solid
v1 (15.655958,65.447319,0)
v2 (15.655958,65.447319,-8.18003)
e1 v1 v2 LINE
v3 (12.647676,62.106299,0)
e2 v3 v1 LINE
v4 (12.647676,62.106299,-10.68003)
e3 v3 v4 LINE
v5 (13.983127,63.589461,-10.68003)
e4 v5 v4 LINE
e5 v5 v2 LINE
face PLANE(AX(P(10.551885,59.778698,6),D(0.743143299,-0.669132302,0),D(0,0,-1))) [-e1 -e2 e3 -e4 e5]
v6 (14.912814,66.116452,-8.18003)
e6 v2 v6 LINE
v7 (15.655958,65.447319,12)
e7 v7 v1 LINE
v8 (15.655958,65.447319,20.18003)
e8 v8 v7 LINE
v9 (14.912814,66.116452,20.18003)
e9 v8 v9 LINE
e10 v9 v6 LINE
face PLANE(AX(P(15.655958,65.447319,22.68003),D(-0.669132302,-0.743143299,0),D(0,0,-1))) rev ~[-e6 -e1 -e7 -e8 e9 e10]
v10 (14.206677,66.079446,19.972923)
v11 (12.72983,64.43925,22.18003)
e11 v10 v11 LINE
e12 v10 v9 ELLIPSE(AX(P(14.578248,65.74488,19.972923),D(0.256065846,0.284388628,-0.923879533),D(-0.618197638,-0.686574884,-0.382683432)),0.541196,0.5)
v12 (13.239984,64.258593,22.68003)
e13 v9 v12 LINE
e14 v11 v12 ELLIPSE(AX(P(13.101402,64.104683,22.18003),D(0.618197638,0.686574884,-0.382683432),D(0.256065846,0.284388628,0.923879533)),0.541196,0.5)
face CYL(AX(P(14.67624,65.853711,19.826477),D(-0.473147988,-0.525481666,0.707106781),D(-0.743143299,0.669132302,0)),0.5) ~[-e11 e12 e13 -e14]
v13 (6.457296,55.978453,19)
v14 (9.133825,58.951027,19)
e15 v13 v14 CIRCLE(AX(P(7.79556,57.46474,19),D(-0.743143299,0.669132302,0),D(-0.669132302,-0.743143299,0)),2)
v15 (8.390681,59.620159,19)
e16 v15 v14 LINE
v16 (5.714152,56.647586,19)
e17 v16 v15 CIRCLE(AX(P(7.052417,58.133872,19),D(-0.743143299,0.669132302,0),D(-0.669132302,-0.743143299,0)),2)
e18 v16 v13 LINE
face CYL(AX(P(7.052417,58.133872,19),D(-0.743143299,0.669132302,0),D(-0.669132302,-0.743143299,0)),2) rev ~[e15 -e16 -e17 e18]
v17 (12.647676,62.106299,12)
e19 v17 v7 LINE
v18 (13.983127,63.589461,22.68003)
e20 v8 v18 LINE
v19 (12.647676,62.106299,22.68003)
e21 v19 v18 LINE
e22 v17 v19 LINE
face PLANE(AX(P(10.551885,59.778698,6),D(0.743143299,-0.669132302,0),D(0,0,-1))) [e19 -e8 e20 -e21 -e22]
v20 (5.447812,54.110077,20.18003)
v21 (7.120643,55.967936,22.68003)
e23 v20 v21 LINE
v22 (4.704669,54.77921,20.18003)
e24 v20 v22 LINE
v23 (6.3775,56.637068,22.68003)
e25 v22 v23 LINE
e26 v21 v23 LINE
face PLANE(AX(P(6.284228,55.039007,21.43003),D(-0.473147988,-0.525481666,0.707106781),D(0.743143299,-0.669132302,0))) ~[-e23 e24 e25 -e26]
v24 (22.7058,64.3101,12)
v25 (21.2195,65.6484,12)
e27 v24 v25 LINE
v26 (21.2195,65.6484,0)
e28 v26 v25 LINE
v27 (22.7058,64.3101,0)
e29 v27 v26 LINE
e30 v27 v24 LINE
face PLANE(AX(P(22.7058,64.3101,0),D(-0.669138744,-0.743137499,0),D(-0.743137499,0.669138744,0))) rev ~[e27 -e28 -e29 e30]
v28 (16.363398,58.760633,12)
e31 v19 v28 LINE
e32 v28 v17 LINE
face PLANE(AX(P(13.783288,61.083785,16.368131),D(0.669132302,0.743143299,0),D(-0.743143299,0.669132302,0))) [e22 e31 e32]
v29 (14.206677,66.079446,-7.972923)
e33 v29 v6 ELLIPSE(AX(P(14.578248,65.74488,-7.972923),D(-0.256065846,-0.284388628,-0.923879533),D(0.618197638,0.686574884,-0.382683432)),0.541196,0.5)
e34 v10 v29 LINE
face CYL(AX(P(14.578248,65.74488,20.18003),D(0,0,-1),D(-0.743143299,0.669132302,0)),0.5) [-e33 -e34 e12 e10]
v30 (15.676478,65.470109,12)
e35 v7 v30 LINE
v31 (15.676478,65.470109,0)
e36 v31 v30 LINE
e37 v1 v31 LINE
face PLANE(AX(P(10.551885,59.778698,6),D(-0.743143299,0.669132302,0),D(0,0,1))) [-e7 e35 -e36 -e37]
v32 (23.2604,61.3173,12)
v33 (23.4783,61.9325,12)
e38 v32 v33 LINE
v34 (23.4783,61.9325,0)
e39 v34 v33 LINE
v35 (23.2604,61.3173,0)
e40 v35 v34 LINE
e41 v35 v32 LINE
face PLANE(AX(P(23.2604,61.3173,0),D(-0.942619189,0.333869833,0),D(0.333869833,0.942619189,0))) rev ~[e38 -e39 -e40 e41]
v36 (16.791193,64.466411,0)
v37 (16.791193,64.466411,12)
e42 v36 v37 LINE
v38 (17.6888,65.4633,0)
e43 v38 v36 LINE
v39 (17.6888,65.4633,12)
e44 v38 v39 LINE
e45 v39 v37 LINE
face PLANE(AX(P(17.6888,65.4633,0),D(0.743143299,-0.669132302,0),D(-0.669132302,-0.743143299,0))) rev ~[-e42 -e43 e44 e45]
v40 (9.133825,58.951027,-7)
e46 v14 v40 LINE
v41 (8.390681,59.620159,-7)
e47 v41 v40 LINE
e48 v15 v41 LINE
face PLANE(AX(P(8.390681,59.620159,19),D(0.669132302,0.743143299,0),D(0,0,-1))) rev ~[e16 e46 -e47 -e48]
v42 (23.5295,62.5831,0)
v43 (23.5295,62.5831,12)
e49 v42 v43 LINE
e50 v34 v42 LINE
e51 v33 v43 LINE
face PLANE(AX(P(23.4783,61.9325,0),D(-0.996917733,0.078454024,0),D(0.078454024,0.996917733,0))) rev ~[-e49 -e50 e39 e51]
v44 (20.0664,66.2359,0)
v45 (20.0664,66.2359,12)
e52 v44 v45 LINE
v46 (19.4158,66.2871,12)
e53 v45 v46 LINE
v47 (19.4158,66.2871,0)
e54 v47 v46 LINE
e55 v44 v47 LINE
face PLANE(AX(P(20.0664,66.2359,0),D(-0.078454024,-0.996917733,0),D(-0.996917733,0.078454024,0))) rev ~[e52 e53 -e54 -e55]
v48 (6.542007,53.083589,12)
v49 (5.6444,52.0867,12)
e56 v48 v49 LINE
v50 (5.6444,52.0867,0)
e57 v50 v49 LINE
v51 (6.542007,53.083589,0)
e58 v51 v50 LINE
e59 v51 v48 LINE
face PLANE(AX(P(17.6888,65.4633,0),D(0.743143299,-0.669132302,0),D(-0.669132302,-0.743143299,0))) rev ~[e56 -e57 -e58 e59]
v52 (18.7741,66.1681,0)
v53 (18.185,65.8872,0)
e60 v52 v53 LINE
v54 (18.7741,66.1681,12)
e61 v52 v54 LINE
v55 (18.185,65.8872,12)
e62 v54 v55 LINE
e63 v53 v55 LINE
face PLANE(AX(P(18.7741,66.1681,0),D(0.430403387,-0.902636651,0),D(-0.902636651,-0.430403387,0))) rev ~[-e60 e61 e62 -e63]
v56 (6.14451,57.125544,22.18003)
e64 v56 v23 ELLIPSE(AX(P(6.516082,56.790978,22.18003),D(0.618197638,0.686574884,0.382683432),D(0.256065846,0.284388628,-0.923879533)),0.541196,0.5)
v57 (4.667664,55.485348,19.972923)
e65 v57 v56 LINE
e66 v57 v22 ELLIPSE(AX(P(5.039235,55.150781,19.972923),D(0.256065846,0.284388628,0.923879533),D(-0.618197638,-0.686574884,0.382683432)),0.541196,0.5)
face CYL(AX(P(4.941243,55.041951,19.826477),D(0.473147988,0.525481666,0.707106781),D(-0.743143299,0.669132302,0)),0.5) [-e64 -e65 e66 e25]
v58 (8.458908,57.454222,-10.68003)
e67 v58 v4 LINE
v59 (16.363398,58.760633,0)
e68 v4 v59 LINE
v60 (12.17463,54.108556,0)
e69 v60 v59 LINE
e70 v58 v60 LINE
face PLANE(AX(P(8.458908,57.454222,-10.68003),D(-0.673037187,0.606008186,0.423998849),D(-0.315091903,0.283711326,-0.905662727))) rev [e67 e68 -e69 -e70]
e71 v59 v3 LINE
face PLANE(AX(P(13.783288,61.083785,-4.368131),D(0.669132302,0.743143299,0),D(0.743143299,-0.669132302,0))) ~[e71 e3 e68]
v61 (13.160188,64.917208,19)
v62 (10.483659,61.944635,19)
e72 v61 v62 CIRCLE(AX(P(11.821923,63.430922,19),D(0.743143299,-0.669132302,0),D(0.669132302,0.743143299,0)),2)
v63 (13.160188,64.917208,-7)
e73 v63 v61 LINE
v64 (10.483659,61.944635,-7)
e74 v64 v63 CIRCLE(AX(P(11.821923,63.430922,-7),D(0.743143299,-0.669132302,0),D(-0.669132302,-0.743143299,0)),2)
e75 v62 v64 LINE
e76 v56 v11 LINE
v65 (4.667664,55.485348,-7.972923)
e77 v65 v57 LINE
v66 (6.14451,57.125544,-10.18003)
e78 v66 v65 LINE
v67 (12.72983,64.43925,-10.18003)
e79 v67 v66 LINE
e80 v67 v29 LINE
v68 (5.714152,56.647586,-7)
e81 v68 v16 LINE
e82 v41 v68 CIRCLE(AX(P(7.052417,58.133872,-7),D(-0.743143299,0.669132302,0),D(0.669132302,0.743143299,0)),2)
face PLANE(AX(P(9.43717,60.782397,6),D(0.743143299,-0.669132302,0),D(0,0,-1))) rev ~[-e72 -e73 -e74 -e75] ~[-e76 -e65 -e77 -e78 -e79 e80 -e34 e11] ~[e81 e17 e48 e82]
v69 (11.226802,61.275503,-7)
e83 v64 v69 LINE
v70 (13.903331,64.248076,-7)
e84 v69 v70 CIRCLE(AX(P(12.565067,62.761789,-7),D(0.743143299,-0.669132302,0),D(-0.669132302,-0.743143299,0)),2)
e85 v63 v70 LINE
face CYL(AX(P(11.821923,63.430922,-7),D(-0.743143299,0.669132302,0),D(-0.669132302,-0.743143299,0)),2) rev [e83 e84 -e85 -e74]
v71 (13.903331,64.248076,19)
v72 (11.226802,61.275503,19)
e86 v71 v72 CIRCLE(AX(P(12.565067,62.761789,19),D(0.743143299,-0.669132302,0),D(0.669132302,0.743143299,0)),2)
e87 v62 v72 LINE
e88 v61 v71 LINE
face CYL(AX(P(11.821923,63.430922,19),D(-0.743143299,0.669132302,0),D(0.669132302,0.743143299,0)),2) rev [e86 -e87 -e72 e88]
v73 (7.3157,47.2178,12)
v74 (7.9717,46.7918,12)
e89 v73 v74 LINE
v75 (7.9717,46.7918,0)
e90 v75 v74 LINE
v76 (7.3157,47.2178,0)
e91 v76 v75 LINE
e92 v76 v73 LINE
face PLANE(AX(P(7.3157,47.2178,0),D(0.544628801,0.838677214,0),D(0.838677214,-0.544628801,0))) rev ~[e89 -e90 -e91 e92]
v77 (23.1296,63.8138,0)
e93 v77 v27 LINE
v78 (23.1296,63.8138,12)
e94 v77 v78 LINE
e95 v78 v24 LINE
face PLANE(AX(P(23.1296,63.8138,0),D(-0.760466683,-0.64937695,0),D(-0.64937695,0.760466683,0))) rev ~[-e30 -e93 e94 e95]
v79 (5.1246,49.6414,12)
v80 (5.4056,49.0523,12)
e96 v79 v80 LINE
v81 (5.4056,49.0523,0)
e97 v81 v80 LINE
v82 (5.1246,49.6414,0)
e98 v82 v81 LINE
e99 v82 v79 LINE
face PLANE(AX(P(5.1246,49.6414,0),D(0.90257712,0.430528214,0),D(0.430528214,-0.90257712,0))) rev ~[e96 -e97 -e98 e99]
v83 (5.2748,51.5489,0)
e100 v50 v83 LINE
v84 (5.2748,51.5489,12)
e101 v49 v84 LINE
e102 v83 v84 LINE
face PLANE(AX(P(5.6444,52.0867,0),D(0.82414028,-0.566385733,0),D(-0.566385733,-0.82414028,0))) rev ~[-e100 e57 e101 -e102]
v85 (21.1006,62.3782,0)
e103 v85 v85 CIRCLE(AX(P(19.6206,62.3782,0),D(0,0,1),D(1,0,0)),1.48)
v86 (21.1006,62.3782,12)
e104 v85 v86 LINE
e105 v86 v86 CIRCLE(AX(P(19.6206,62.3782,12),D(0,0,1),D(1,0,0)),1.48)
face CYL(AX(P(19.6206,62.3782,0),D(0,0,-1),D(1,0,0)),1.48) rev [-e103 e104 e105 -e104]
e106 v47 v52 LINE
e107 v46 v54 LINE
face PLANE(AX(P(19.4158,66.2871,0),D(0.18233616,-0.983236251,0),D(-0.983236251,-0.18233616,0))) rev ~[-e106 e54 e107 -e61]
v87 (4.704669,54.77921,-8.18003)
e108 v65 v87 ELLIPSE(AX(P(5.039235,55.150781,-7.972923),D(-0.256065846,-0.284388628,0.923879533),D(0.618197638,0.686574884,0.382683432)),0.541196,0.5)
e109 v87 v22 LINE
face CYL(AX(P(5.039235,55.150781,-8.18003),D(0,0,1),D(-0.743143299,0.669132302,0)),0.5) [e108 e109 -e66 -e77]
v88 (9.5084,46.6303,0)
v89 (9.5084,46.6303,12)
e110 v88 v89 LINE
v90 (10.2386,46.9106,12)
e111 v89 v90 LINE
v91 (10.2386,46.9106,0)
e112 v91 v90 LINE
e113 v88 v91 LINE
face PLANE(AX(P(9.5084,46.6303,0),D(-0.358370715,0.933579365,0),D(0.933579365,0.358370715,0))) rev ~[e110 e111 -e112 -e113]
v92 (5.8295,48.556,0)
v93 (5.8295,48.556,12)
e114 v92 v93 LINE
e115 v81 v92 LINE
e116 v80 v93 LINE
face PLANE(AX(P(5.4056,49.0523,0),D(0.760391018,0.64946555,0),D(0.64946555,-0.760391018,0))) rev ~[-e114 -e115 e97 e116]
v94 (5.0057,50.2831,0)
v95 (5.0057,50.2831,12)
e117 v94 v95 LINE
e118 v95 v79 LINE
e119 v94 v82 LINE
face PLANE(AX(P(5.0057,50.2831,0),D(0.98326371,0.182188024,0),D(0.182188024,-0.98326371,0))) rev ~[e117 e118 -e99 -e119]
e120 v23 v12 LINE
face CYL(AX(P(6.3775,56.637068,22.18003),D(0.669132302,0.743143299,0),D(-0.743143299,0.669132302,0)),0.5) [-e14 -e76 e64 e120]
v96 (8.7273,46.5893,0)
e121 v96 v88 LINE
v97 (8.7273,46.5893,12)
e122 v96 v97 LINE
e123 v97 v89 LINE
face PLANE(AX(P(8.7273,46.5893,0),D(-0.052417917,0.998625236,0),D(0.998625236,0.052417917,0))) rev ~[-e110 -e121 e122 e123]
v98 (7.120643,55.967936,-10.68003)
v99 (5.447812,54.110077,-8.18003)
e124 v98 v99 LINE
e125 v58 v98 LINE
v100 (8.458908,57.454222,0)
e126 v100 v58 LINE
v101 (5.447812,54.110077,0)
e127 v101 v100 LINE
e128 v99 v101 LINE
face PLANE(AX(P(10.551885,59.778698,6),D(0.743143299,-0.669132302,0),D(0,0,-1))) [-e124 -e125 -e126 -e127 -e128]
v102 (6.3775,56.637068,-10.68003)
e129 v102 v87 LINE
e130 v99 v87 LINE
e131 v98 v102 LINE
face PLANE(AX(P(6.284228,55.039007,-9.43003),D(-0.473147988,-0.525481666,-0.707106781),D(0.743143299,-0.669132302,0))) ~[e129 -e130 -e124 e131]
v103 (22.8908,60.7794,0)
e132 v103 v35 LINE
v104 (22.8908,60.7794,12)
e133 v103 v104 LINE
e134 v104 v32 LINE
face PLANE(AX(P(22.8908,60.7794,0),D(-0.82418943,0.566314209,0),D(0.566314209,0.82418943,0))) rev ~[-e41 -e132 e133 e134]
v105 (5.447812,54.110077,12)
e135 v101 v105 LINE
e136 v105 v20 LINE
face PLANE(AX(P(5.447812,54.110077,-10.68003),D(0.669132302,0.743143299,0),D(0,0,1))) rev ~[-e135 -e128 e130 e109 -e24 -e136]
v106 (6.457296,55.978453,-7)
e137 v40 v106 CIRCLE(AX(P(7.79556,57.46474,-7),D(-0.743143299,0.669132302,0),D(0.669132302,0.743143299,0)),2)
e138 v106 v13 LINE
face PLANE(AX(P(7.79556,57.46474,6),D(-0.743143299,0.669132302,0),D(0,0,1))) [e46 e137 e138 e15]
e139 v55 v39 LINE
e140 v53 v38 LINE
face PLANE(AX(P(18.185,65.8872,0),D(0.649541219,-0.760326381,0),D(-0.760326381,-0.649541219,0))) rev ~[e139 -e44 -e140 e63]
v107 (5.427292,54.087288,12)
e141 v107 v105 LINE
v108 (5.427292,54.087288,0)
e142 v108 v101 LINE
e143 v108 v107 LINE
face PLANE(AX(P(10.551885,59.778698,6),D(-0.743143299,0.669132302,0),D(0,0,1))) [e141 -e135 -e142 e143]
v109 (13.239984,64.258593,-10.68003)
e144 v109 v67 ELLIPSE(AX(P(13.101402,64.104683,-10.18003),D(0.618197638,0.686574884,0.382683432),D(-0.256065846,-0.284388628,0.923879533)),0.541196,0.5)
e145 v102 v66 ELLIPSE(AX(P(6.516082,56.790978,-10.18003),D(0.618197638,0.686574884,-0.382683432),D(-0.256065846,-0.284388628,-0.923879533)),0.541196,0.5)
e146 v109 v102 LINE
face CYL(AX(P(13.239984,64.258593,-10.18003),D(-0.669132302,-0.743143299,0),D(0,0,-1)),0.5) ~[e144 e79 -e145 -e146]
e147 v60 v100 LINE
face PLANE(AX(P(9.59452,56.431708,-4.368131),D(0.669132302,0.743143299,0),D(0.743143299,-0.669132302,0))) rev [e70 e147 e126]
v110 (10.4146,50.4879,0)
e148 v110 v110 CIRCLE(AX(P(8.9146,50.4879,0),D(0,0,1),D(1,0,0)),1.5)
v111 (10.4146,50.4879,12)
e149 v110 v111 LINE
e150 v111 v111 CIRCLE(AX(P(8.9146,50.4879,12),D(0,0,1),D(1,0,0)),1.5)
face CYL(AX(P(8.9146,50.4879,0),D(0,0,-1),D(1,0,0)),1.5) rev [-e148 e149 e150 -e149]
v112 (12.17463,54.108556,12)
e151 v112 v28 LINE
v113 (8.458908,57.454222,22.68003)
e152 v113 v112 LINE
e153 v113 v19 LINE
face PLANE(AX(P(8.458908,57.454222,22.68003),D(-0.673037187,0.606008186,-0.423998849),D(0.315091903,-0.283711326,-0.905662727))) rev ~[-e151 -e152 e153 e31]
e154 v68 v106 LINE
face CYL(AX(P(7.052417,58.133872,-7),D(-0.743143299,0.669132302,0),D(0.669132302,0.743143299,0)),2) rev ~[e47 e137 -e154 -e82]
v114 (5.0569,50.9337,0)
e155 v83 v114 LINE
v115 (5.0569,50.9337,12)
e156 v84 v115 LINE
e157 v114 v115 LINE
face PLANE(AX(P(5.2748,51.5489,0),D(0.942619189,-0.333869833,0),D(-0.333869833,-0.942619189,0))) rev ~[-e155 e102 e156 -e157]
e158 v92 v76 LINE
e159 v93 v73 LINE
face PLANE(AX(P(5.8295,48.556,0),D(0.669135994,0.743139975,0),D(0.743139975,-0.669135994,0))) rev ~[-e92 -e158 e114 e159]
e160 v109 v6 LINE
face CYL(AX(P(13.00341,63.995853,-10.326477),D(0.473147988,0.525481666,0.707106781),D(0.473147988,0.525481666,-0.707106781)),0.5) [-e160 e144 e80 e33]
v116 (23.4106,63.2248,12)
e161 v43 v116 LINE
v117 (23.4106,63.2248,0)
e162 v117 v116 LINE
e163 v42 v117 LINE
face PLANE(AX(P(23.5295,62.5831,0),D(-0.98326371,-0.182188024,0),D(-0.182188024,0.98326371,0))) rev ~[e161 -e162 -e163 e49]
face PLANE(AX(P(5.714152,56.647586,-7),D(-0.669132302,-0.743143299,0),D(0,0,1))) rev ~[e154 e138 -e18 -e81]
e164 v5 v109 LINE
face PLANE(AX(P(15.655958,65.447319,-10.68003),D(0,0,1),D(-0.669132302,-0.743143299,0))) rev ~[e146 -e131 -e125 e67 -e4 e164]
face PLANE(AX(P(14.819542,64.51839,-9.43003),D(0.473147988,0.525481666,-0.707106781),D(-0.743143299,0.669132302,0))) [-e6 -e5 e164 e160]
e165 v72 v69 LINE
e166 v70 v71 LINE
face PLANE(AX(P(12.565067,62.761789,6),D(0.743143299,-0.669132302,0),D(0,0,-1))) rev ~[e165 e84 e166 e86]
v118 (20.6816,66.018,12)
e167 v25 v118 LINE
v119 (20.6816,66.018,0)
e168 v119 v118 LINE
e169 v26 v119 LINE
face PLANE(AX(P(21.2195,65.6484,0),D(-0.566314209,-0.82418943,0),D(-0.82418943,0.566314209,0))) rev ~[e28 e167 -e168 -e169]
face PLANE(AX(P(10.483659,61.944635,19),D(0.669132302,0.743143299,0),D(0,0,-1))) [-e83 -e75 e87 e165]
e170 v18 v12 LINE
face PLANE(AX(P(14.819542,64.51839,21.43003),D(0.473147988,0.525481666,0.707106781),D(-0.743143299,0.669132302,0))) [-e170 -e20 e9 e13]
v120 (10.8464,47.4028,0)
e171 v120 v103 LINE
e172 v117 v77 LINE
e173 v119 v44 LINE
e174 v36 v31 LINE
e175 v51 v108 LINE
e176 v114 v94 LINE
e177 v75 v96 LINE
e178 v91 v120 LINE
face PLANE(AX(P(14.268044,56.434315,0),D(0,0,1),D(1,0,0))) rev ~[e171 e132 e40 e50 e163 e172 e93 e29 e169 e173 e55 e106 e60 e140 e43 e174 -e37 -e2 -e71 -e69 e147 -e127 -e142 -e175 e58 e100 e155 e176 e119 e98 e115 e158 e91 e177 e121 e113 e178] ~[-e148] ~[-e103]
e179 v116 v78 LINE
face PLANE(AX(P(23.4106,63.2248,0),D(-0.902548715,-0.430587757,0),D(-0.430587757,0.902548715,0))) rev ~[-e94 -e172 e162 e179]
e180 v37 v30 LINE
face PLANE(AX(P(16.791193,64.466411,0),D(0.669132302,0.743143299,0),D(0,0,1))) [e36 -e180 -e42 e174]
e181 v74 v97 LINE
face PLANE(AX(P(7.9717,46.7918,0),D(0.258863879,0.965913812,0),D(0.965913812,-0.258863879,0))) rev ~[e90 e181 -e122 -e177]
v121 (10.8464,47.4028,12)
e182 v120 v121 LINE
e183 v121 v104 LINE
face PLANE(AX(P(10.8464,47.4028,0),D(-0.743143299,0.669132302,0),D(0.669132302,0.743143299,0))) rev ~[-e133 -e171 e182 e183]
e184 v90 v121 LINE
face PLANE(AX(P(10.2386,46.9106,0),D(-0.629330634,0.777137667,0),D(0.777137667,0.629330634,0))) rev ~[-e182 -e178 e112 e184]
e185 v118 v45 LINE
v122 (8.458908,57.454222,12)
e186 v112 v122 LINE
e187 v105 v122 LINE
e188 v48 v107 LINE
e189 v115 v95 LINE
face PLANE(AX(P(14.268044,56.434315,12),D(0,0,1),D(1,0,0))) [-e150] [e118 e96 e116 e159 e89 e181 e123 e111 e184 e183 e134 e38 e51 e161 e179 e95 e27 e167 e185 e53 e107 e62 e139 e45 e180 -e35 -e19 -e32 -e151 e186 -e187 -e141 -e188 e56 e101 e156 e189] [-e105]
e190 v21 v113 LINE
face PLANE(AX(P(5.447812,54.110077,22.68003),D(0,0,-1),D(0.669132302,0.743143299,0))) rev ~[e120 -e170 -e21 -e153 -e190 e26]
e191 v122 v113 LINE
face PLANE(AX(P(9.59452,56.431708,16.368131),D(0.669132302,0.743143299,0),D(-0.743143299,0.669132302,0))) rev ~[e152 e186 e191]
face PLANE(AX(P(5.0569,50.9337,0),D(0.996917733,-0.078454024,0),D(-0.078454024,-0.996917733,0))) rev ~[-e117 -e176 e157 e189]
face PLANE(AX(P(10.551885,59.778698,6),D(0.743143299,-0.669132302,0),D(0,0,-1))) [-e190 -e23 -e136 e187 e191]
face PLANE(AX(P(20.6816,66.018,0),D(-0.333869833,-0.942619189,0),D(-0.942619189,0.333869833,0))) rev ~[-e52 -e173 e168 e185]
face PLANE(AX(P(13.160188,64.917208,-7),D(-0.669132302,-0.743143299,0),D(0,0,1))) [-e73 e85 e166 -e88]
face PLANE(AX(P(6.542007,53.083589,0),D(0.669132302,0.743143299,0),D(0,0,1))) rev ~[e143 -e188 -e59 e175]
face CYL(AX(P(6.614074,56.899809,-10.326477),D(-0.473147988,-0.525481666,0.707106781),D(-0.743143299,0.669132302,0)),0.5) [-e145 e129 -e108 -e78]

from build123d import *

# Parameters (mm, degrees)
MODEL_R             = 1.48
MODEL_R_2           = 1.5
BOSS_EXTRUDE1_DEPTH = 12
SKETCH3_W           = 12
SKETCH3_H           = 15.317128206
BOSS_EXTRUDE2_DEPTH = 1.5
BOSS_EXTRUDE3_DEPTH = 1.5
BOSS_EXTRUDE4_START = -4.5
BOSS_EXTRUDE4_DEPTH = 6.26
CHAMFER1_SIZE       = 2.5
FILLET2_R           = 0.5
CUT_EXTRUDE1_DEPTH  = 1


with BuildPart() as part:
    # Model → Boss-Extrude1 (new body)
    with BuildSketch(Plane.XY):
        Polygon((5.6444, 52.0867), (5.2748, 51.5489), (5.0569, 50.9337), (5.0057, 50.2831), (5.1246, 49.6414), (5.4056, 49.0523), (5.8295, 48.556), (7.3157, 47.2178), (7.9717, 46.7918), (8.7273, 46.5893), (9.5084, 46.6303), (10.2386, 46.9106), (10.8464, 47.4028), (22.8908, 60.7794), (23.2604, 61.3173), (23.4783, 61.9325), (23.5295, 62.5831), (23.4106, 63.2248), (23.1296, 63.8138), (22.7058, 64.3101), (21.2195, 65.6484), (20.6816, 66.018), (20.0664, 66.2359), (19.4158, 66.2871), (18.7741, 66.1681), (18.185, 65.8872), (17.6888, 65.4633), align=None)
        with Locations((19.6206, 62.3782)):
            Circle(MODEL_R, mode=Mode.SUBTRACT)
        with Locations((8.9146, 50.4879)):
            Circle(MODEL_R_2, mode=Mode.SUBTRACT)
    extrude(amount=BOSS_EXTRUDE1_DEPTH)

    # Sketch3 → Boss-Extrude2 (add)
    with BuildSketch(Plane(origin=(-22.783506803, 20.514455792, 0), x_dir=(0, 0, 1), z_dir=(-0.7431432988578212, 0.669132301837772, 0))):
        with Locations((6, 51.484746303)):
            Rectangle(SKETCH3_W, SKETCH3_H)
    extrude(amount=BOSS_EXTRUDE2_DEPTH)

    # Sketch4 → Boss-Extrude3 (add)
    with BuildSketch(Plane(origin=(-23.898221752, 21.518154244, 0), x_dir=(0, 0, 1), z_dir=(-0.7431432988578212, 0.669132301837772, 0))):
        Polygon((-10.680029898, 56.112643872), (-10.680029898, 59.112643872), (-7.680029898, 59.112643872), (19.680029898, 59.112643872), (22.680029898, 59.112643872), (22.680029898, 56.112643872), (22.680029898, 46.856848734), (22.680029898, 43.856848734), (19.680029898, 43.856848734), (-7.680029898, 43.856848734), (-10.680029898, 43.856848734), (-10.680029898, 46.856848734), align=None)
    extrude(amount=BOSS_EXTRUDE3_DEPTH)

    # Sketch9 → Boss-Extrude4 (add)
    with BuildSketch(Plane(origin=(29.346034145, 32.591923246, 0), x_dir=(0.7431432988578212, -0.669132301837772, 0), z_dir=(-0.669132301837772, -0.7431432988578212, 0)).offset(BOSS_EXTRUDE4_START)):
        Polygon((-32.15829543, 12), (-32.15829543, 22.680029898), (-27.158287979, 12), align=None)
    boss_extrude4 = extrude(amount=-BOSS_EXTRUDE4_DEPTH)

    # Mirror1: Boss-Extrude4 across plane
    add(boss_extrude4.mirror(Plane.XY.offset(6)))

    # Chamfer1
    chamfer1_edges = [part.edges().sort_by_distance(p)[0] for p in [
        (4.890454919, 54.611926717, 22.680029898),
        (4.890454919, 54.611926717, -10.680029898),
        (15.098600236, 65.949168642, -10.680029898),
        (15.098600236, 65.949168642, 22.680029898),
    ]]
    chamfer(chamfer1_edges, length=CHAMFER1_SIZE)

    # Fillet2
    fillet2_edges = [part.edges().sort_by_distance(p)[0] for p in [
        (4.333097445, 55.113775943, 6),
        (13.704827384, 65.522088744, 21.430029898),
        (9.437170103, 60.782396906, 22.680029898),
        (5.169512823, 56.042705067, 21.430029898),
        (13.704827384, 65.522088744, -9.430029898),
        (5.169512823, 56.042705067, -9.430029898),
        (9.437170103, 60.782396906, -10.680029898),
        (14.541242762, 66.451017868, 6),
    ]]
    fillet(fillet2_edges, radius=FILLET2_R)

    # Sketch10 → Cut-Extrude1 (cut)
    with BuildSketch(Plane(origin=(-25.0129367, 22.521852697, 0), x_dir=(0, 0, 1), z_dir=(-0.7431432988578214, 0.6691323018377716, 0))):
        with BuildLine():
            Line((19, 53.048695087), (-7, 53.048695087))
            ThreePointArc((-7, 53.048695087), (-9, 55.048695087), (-7, 57.048695087))
            Line((-7, 57.048695087), (19, 57.048695087))
            ThreePointArc((19, 57.048695087), (21, 55.048695087), (19, 53.048695087))
        make_face()
        with BuildLine():
            Line((19, 49.920797519), (-7, 49.920797519))
            ThreePointArc((-7, 49.920797519), (-9, 47.920797519), (-7, 45.920797519))
            Line((-7, 45.920797519), (19, 45.920797519))
            ThreePointArc((19, 45.920797519), (21, 47.920797519), (19, 49.920797519))
        make_face()
    extrude(amount=-CUT_EXTRUDE1_DEPTH, mode=Mode.SUBTRACT)


solid = part.part
